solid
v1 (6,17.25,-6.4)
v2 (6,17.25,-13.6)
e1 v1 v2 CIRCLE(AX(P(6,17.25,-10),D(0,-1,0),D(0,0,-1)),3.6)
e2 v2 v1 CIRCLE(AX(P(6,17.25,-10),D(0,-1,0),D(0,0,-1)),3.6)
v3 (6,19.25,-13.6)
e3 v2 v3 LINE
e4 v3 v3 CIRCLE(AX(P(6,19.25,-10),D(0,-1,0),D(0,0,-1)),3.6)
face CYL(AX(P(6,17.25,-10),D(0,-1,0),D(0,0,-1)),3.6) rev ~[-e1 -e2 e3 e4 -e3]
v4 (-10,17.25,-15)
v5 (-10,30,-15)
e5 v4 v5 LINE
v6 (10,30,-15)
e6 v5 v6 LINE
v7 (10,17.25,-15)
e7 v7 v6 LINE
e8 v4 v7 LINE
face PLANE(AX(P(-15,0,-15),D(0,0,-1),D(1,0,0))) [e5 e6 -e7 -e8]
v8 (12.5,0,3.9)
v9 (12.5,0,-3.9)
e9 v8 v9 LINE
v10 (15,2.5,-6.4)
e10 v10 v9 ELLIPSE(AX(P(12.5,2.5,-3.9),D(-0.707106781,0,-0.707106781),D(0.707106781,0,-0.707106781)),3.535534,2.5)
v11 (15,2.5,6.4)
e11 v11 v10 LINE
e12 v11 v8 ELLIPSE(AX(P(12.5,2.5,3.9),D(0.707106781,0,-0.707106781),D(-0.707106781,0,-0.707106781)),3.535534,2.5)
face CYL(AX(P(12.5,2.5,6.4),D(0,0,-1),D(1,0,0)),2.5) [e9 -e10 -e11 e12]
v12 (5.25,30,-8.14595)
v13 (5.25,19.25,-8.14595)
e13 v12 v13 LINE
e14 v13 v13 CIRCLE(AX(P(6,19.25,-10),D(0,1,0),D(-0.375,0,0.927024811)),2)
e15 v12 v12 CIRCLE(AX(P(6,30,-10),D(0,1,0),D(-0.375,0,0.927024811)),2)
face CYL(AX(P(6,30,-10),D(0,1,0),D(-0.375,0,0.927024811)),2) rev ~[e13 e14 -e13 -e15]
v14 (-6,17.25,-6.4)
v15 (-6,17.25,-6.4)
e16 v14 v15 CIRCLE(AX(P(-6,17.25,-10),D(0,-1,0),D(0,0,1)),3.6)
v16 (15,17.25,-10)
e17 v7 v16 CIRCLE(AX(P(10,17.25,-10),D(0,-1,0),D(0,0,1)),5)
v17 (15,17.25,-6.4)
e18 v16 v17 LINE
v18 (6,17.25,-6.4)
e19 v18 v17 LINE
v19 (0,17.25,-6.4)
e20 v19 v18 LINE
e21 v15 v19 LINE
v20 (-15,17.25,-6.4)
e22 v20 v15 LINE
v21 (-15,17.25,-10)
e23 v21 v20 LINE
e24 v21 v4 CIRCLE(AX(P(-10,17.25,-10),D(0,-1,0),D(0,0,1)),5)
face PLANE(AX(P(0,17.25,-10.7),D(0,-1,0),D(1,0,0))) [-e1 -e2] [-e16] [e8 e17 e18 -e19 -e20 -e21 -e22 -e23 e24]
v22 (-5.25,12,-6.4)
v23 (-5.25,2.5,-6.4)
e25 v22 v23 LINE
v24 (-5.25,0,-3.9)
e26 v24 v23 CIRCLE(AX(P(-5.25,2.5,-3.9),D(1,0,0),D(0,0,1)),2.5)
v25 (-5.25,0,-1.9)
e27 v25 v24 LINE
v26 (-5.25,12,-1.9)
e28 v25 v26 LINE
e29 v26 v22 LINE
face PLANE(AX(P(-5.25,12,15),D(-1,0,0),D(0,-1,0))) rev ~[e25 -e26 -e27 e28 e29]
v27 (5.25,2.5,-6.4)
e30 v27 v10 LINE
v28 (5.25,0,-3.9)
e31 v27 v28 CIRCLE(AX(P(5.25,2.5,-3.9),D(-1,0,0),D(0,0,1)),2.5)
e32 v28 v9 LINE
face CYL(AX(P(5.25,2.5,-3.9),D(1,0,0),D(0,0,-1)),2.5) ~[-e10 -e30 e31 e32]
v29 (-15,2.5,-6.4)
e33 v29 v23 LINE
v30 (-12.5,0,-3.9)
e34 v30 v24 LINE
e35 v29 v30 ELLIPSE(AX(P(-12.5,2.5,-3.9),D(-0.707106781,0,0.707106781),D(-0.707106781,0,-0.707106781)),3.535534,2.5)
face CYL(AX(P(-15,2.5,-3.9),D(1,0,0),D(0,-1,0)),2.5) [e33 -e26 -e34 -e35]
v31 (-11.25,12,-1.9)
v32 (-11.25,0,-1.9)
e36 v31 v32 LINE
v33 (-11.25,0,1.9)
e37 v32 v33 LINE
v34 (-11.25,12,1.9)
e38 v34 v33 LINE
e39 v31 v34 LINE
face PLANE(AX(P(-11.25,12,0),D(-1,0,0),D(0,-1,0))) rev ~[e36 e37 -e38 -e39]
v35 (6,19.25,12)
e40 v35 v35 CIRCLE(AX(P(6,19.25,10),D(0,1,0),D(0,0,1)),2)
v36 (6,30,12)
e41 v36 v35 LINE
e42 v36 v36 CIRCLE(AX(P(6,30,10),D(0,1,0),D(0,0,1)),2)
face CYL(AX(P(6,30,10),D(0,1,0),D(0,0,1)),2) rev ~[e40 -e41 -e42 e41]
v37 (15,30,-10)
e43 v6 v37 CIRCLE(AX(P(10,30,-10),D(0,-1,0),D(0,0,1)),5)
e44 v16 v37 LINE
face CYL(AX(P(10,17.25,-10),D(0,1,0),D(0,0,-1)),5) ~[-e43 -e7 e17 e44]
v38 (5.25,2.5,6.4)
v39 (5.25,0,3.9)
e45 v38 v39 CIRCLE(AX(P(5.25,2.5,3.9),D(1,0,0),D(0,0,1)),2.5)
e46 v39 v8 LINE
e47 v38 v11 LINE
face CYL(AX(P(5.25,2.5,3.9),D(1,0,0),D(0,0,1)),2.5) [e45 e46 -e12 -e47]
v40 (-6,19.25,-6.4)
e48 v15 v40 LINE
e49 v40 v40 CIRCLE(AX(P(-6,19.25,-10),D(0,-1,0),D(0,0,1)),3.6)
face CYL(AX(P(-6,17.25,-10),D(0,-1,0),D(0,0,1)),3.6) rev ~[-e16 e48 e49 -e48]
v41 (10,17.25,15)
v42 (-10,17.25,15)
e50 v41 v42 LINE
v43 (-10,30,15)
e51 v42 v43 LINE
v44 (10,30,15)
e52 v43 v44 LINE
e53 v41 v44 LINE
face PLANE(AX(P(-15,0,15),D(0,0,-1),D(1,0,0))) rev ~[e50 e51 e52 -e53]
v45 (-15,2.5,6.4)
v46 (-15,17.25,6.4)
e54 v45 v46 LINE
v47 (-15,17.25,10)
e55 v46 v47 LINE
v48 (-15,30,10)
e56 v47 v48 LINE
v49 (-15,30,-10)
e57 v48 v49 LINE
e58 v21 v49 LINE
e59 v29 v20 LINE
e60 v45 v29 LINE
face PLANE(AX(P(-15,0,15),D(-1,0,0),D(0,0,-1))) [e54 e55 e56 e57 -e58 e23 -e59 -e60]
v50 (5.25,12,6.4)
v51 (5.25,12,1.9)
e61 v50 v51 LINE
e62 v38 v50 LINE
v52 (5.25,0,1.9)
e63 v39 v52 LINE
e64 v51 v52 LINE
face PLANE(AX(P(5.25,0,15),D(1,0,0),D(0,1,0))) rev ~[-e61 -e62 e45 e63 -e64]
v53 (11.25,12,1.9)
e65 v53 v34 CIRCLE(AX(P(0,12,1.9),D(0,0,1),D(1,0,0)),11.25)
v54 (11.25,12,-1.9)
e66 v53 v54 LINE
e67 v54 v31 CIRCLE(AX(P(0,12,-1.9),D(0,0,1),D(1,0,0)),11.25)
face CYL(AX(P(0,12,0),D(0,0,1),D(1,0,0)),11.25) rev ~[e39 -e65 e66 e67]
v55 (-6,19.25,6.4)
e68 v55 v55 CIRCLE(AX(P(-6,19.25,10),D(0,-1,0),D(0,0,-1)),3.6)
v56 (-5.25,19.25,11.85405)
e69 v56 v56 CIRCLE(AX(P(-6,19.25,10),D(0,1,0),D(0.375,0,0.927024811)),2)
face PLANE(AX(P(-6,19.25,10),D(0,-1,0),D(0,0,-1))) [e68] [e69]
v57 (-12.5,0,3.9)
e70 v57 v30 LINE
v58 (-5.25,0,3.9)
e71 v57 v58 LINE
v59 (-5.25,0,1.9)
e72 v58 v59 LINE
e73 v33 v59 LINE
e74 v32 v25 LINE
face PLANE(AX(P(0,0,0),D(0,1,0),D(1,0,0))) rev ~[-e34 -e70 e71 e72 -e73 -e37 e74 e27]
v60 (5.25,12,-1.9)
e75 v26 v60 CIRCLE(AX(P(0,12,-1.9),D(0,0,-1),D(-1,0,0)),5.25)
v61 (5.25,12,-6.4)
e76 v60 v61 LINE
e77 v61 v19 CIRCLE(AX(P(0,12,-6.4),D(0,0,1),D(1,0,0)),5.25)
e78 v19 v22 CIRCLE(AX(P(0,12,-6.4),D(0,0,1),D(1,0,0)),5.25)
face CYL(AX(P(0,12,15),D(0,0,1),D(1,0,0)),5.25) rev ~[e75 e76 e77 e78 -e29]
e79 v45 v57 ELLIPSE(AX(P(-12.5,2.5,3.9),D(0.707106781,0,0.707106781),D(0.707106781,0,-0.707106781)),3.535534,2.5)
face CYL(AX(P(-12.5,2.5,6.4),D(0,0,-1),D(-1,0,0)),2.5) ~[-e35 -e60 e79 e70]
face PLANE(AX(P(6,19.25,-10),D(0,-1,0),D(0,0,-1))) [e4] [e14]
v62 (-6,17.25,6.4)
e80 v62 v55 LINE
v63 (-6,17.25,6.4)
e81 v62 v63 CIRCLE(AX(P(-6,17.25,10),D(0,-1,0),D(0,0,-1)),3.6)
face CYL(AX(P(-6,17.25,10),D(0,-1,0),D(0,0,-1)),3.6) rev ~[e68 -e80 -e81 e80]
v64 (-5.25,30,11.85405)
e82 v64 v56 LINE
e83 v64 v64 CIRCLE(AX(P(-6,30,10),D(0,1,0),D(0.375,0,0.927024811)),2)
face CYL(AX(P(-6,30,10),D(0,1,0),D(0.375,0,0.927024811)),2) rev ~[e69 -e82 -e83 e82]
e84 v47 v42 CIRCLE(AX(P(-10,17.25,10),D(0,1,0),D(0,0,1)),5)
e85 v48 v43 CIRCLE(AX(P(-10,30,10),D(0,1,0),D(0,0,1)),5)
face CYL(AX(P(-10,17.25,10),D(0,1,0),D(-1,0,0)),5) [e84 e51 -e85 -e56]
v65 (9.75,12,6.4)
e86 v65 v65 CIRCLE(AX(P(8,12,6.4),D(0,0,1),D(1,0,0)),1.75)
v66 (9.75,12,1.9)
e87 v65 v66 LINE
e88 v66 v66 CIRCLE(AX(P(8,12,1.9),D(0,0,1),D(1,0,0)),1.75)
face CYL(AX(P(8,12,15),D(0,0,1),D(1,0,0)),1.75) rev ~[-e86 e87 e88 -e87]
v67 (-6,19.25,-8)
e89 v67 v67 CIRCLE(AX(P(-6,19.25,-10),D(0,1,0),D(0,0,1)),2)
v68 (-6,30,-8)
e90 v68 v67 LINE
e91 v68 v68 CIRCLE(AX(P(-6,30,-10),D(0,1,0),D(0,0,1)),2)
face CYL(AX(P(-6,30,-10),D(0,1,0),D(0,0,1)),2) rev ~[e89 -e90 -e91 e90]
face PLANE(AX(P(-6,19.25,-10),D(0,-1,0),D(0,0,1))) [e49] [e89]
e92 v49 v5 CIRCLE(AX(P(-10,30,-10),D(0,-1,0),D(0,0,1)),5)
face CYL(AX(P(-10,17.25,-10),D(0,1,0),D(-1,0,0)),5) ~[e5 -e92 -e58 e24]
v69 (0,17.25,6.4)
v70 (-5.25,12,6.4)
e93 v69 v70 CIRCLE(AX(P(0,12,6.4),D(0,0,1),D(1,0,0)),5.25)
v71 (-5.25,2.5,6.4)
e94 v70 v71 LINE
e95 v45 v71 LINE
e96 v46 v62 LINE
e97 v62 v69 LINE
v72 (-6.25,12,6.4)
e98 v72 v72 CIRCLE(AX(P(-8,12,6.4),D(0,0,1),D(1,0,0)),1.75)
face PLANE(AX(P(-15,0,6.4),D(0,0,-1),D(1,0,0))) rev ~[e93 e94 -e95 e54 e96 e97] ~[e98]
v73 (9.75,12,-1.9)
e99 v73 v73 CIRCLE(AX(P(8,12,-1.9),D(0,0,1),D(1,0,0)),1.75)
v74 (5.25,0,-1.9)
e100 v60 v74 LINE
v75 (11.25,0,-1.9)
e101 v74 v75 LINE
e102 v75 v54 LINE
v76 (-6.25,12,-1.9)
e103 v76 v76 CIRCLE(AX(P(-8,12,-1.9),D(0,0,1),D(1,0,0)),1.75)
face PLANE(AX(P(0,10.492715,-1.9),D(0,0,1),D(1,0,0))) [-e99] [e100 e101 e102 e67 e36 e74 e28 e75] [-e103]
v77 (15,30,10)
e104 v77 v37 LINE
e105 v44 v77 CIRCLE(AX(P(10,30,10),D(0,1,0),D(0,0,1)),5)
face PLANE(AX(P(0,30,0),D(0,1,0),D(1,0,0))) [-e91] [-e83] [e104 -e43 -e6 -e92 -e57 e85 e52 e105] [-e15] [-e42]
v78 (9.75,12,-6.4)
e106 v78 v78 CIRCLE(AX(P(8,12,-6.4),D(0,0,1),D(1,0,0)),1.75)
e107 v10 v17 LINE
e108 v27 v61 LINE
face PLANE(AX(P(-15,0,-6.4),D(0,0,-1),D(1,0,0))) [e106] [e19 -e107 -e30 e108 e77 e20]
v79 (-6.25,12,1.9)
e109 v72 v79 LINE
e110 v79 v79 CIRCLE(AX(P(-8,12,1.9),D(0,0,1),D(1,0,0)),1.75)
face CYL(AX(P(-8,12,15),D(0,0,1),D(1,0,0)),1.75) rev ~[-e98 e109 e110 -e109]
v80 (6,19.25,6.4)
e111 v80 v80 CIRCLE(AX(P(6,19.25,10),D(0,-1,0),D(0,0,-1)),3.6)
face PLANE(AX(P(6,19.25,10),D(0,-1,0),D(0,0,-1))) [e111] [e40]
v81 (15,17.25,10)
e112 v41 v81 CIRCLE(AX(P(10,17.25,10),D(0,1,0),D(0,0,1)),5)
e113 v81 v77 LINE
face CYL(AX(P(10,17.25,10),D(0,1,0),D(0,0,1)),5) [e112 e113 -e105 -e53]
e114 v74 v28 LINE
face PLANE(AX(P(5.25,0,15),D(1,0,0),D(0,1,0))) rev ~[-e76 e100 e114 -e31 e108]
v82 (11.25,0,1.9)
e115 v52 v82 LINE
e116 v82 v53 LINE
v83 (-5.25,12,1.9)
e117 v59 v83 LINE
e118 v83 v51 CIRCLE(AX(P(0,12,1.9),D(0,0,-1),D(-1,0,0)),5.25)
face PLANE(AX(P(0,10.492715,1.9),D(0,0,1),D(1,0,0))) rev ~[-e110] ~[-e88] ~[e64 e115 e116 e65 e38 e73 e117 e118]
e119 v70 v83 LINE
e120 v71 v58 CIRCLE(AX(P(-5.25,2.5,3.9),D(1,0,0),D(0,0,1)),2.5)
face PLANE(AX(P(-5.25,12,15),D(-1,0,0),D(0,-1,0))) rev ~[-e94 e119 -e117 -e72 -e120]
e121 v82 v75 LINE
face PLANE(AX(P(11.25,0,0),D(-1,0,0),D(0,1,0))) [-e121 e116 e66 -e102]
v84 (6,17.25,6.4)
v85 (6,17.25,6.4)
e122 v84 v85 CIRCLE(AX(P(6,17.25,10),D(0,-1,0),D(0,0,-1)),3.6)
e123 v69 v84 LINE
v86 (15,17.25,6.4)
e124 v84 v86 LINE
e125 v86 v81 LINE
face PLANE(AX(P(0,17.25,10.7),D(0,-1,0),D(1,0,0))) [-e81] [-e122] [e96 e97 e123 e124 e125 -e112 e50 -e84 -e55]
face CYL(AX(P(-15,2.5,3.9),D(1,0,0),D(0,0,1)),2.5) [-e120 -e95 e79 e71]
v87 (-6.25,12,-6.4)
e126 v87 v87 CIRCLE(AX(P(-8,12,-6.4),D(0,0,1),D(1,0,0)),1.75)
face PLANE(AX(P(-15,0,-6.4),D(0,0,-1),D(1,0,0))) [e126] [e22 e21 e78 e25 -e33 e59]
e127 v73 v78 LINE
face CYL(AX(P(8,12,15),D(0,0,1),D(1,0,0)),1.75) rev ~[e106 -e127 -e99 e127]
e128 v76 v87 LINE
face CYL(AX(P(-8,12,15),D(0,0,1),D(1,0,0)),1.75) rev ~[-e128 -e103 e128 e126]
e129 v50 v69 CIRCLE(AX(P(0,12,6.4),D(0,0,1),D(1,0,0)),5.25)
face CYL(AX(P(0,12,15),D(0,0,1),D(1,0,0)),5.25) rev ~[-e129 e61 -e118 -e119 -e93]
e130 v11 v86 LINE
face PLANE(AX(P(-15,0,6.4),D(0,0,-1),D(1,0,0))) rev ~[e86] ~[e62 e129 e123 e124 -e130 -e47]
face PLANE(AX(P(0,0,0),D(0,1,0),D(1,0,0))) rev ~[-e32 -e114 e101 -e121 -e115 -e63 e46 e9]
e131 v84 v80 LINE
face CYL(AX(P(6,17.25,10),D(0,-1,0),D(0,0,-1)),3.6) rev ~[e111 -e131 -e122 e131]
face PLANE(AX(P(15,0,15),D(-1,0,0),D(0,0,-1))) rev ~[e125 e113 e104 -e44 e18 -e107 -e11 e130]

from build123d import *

# Parameters (mm, degrees)
SKETCH2_W               = 30
SKETCH2_H               = 30
BOSS_EXTRUDE1_DEPTH     = 30
CUT_EXTRUDE1_REACH      = 47
SKETCH3_R               = 1.75
CUT_EXTRUDE2_START      = -15
SKETCH4_R               = 1.75
CUT_EXTRUDE2_DEPTH      = 1.9
CUT_EXTRUDE2_DEPTH_BACK = 1.9
CUT_EXTRUDE3_REACH      = 38.742
SKETCH5_R               = 2
SKETCH6_W               = 30
SKETCH6_H               = 8.6
CUT_EXTRUDE5_DEPTH      = 17.25
SKETCH8_R               = 3.6
CUT_EXTRUDE6_DEPTH      = 2
FILLET1_R               = 5
FILLET2_R               = 2.5


with BuildPart() as part:
    # Sketch2 → Boss-Extrude1 (new body)
    with BuildSketch(Plane(origin=(0, 0, 0), x_dir=(1, 0, 0), z_dir=(0, 1, 0))):
        Rectangle(SKETCH2_W, SKETCH2_H)
    extrude(amount=BOSS_EXTRUDE1_DEPTH)

    # Sketch3 → Cut-Extrude1 (cut, up to next)
    with BuildSketch(Plane.XY.offset(15), mode=Mode.PRIVATE) as cut_extrude1_sk1:
        with Locations((-8, 12)):
            Circle(SKETCH3_R)
    cut_extrude1_tool1 = extrude(cut_extrude1_sk1.sketch, amount=-CUT_EXTRUDE1_REACH, mode=Mode.PRIVATE) & part.part
    # Sketch3 → Cut-Extrude1 (cut, up to next)
    with BuildSketch(Plane.XY.offset(15), mode=Mode.PRIVATE) as cut_extrude1_sk2:
        with Locations((8, 12)):
            Circle(SKETCH3_R)
    cut_extrude1_tool2 = extrude(cut_extrude1_sk2.sketch, amount=-CUT_EXTRUDE1_REACH, mode=Mode.PRIVATE) & part.part
    # Sketch3 → Cut-Extrude1 (cut, up to next)
    with BuildSketch(Plane.XY.offset(15), mode=Mode.PRIVATE) as cut_extrude1_sk3:
        with BuildLine():
            ThreePointArc((5.25, 12), (0, 17.25), (-5.25, 12))
            Line((-5.25, 12), (5.25, 12))
        make_face()
    cut_extrude1_tool3 = extrude(cut_extrude1_sk3.sketch, amount=-CUT_EXTRUDE1_REACH, mode=Mode.PRIVATE) & part.part
    # Sketch3 → Cut-Extrude1 (cut, up to next)
    with BuildSketch(Plane.XY.offset(15), mode=Mode.PRIVATE) as cut_extrude1_sk4:
        with BuildLine():
            Line((5.25, 12), (-5.25, 12))
            ThreePointArc((-5.25, 12), (0, 6.75), (5.25, 12))
        make_face()
    cut_extrude1_tool4 = extrude(cut_extrude1_sk4.sketch, amount=-CUT_EXTRUDE1_REACH, mode=Mode.PRIVATE) & part.part
    # Sketch3 → Cut-Extrude1 (cut, up to next)
    with BuildSketch(Plane.XY.offset(15), mode=Mode.PRIVATE) as cut_extrude1_sk5:
        with BuildLine():
            ThreePointArc((5.25, 12), (0, 17.25), (-5.25, 12))
            Line((-5.25, 12), (5.25, 12))
        make_face()
    cut_extrude1_tool5 = extrude(cut_extrude1_sk5.sketch, amount=-CUT_EXTRUDE1_REACH, mode=Mode.PRIVATE) & part.part
    # Sketch3 → Cut-Extrude1 (cut, up to next)
    with BuildSketch(Plane.XY.offset(15), mode=Mode.PRIVATE) as cut_extrude1_sk6:
        with BuildLine():
            Line((5.25, 12), (-5.25, 12))
            ThreePointArc((-5.25, 12), (0, 6.75), (5.25, 12))
        make_face()
    cut_extrude1_tool6 = extrude(cut_extrude1_sk6.sketch, amount=-CUT_EXTRUDE1_REACH, mode=Mode.PRIVATE) & part.part
    # Sketch3 → Cut-Extrude1 (cut, up to next)
    with BuildSketch(Plane.XY.offset(15), mode=Mode.PRIVATE) as cut_extrude1_sk7:
        with BuildLine():
            ThreePointArc((5.25, 12), (0, 6.75), (-5.25, 12))
            Line((-5.25, 12), (-5.25, 0))
            Line((-5.25, 0), (5.25, 0))
            Line((5.25, 0), (5.25, 12))
        make_face()
    cut_extrude1_tool7 = extrude(cut_extrude1_sk7.sketch, amount=-CUT_EXTRUDE1_REACH, mode=Mode.PRIVATE) & part.part
    add(cut_extrude1_tool1.solids().sort_by_distance((-8, 12, 15))[0], mode=Mode.SUBTRACT)
    add(cut_extrude1_tool2.solids().sort_by_distance((8, 12, 15))[0], mode=Mode.SUBTRACT)
    add(cut_extrude1_tool3.solids().sort_by_distance((0, 14.228169, 15))[0], mode=Mode.SUBTRACT)
    add(cut_extrude1_tool4.solids().sort_by_distance((0, 9.771831, 15))[0], mode=Mode.SUBTRACT)
    add(cut_extrude1_tool5.solids().sort_by_distance((0, 14.228169, 15))[0], mode=Mode.SUBTRACT)
    add(cut_extrude1_tool6.solids().sort_by_distance((0, 9.771831, 15))[0], mode=Mode.SUBTRACT)
    add(cut_extrude1_tool7.solids().sort_by_distance((0, 4.02549, 15))[0], mode=Mode.SUBTRACT)

    # Sketch4 → Cut-Extrude2 (cut, two sides)
    with BuildSketch(Plane.XY.offset(15).offset(CUT_EXTRUDE2_START)) as cut_extrude2_sk:
        with BuildLine():
            Line((-5.25, 0), (-5.25, 12))
            ThreePointArc((-5.25, 12), (0, 17.25), (5.25, 12))
            Line((5.25, 12), (5.25, 0))
            Line((5.25, 0), (11.25, 0))
            Line((11.25, 0), (11.25, 12))
            ThreePointArc((11.25, 12), (0, 23.25), (-11.25, 12))
            Line((-11.25, 12), (-11.25, 0))
            Line((-11.25, 0), (-5.25, 0))
        make_face()
        with Locations((8, 12)):
            Circle(SKETCH4_R, mode=Mode.SUBTRACT)
        with Locations((-8, 12)):
            Circle(SKETCH4_R, mode=Mode.SUBTRACT)
    extrude(amount=CUT_EXTRUDE2_DEPTH, mode=Mode.SUBTRACT)
    extrude(cut_extrude2_sk.sketch, amount=-CUT_EXTRUDE2_DEPTH_BACK, mode=Mode.SUBTRACT)

    # Sketch5 → Cut-Extrude3 (cut, up to next)
    with BuildSketch(Plane(origin=(0, 30, 0), x_dir=(1, 0, 0), z_dir=(0, 1, 0)), mode=Mode.PRIVATE) as cut_extrude3_sk1:
        with Locations(Location((-6, 10, 0), (0, 0, 270))):
            Circle(SKETCH5_R)
    cut_extrude3_tool1 = extrude(cut_extrude3_sk1.sketch, amount=-CUT_EXTRUDE3_REACH, mode=Mode.PRIVATE) & part.part
    # Sketch5 → Cut-Extrude3 (cut, up to next)
    with BuildSketch(Plane(origin=(0, 30, 0), x_dir=(1, 0, 0), z_dir=(0, 1, 0)), mode=Mode.PRIVATE) as cut_extrude3_sk2:
        with Locations(Location((6, 10, 0), (0, 0, 247.975687163))):
            Circle(SKETCH5_R)
    cut_extrude3_tool2 = extrude(cut_extrude3_sk2.sketch, amount=-CUT_EXTRUDE3_REACH, mode=Mode.PRIVATE) & part.part
    # Sketch5 → Cut-Extrude3 (cut, up to next)
    with BuildSketch(Plane(origin=(0, 30, 0), x_dir=(1, 0, 0), z_dir=(0, 1, 0)), mode=Mode.PRIVATE) as cut_extrude3_sk3:
        with Locations(Location((6, -10, 0), (0, 0, 270))):
            Circle(SKETCH5_R)
    cut_extrude3_tool3 = extrude(cut_extrude3_sk3.sketch, amount=-CUT_EXTRUDE3_REACH, mode=Mode.PRIVATE) & part.part
    # Sketch5 → Cut-Extrude3 (cut, up to next)
    with BuildSketch(Plane(origin=(0, 30, 0), x_dir=(1, 0, 0), z_dir=(0, 1, 0)), mode=Mode.PRIVATE) as cut_extrude3_sk4:
        with Locations(Location((-6, -10, 0), (0, 0, 292.024312837))):
            Circle(SKETCH5_R)
    cut_extrude3_tool4 = extrude(cut_extrude3_sk4.sketch, amount=-CUT_EXTRUDE3_REACH, mode=Mode.PRIVATE) & part.part
    add(cut_extrude3_tool1.solids().sort_by_distance((-6, 30, -10))[0], mode=Mode.SUBTRACT)
    add(cut_extrude3_tool2.solids().sort_by_distance((6, 30, -10))[0], mode=Mode.SUBTRACT)
    add(cut_extrude3_tool3.solids().sort_by_distance((6, 30, 10))[0], mode=Mode.SUBTRACT)
    add(cut_extrude3_tool4.solids().sort_by_distance((-6, 30, 10))[0], mode=Mode.SUBTRACT)

    # Sketch6 → Cut-Extrude5 (cut)
    with BuildSketch(Plane.XZ):
        with Locations((0, 10.7)):
            Rectangle(SKETCH6_W, SKETCH6_H)
        with Locations((0, -10.7)):
            Rectangle(SKETCH6_W, SKETCH6_H)
    extrude(amount=-CUT_EXTRUDE5_DEPTH, mode=Mode.SUBTRACT)

    # Sketch8 → Cut-Extrude6 (cut)
    with BuildSketch(Plane.XZ.offset(-17.25)):
        with Locations(Location((-6, 10, 0), (0, 0, 270))):
            Circle(SKETCH8_R)
        with Locations(Location((6, 10, 0), (0, 0, 270))):
            Circle(SKETCH8_R)
        with Locations(Location((6, -10, 0), (0, 0, 270))):
            Circle(SKETCH8_R)
        with Locations(Location((-6, -10, 0), (0, 0, 90))):
            Circle(SKETCH8_R)
    extrude(amount=-CUT_EXTRUDE6_DEPTH, mode=Mode.SUBTRACT)

    # Fillet1
    fillet1_edges = [part.edges().sort_by_distance(p)[0] for p in [
        (15, 23.625, 15),
        (-15, 23.625, 15),
        (-15, 23.625, -15),
        (15, 23.625, -15),
    ]]
    fillet(fillet1_edges, radius=FILLET1_R)

    # Fillet2
    fillet2_edges = [part.edges().sort_by_distance(p)[0] for p in [
        (-15, 0, 0),
        (15, 0, 0),
        (-10.125, 0, -6.4),
        (10.125, 0, -6.4),
        (-10.125, 0, 6.4),
        (10.125, 0, 6.4),
    ]]
    fillet(fillet2_edges, radius=FILLET2_R)


solid = part.part
